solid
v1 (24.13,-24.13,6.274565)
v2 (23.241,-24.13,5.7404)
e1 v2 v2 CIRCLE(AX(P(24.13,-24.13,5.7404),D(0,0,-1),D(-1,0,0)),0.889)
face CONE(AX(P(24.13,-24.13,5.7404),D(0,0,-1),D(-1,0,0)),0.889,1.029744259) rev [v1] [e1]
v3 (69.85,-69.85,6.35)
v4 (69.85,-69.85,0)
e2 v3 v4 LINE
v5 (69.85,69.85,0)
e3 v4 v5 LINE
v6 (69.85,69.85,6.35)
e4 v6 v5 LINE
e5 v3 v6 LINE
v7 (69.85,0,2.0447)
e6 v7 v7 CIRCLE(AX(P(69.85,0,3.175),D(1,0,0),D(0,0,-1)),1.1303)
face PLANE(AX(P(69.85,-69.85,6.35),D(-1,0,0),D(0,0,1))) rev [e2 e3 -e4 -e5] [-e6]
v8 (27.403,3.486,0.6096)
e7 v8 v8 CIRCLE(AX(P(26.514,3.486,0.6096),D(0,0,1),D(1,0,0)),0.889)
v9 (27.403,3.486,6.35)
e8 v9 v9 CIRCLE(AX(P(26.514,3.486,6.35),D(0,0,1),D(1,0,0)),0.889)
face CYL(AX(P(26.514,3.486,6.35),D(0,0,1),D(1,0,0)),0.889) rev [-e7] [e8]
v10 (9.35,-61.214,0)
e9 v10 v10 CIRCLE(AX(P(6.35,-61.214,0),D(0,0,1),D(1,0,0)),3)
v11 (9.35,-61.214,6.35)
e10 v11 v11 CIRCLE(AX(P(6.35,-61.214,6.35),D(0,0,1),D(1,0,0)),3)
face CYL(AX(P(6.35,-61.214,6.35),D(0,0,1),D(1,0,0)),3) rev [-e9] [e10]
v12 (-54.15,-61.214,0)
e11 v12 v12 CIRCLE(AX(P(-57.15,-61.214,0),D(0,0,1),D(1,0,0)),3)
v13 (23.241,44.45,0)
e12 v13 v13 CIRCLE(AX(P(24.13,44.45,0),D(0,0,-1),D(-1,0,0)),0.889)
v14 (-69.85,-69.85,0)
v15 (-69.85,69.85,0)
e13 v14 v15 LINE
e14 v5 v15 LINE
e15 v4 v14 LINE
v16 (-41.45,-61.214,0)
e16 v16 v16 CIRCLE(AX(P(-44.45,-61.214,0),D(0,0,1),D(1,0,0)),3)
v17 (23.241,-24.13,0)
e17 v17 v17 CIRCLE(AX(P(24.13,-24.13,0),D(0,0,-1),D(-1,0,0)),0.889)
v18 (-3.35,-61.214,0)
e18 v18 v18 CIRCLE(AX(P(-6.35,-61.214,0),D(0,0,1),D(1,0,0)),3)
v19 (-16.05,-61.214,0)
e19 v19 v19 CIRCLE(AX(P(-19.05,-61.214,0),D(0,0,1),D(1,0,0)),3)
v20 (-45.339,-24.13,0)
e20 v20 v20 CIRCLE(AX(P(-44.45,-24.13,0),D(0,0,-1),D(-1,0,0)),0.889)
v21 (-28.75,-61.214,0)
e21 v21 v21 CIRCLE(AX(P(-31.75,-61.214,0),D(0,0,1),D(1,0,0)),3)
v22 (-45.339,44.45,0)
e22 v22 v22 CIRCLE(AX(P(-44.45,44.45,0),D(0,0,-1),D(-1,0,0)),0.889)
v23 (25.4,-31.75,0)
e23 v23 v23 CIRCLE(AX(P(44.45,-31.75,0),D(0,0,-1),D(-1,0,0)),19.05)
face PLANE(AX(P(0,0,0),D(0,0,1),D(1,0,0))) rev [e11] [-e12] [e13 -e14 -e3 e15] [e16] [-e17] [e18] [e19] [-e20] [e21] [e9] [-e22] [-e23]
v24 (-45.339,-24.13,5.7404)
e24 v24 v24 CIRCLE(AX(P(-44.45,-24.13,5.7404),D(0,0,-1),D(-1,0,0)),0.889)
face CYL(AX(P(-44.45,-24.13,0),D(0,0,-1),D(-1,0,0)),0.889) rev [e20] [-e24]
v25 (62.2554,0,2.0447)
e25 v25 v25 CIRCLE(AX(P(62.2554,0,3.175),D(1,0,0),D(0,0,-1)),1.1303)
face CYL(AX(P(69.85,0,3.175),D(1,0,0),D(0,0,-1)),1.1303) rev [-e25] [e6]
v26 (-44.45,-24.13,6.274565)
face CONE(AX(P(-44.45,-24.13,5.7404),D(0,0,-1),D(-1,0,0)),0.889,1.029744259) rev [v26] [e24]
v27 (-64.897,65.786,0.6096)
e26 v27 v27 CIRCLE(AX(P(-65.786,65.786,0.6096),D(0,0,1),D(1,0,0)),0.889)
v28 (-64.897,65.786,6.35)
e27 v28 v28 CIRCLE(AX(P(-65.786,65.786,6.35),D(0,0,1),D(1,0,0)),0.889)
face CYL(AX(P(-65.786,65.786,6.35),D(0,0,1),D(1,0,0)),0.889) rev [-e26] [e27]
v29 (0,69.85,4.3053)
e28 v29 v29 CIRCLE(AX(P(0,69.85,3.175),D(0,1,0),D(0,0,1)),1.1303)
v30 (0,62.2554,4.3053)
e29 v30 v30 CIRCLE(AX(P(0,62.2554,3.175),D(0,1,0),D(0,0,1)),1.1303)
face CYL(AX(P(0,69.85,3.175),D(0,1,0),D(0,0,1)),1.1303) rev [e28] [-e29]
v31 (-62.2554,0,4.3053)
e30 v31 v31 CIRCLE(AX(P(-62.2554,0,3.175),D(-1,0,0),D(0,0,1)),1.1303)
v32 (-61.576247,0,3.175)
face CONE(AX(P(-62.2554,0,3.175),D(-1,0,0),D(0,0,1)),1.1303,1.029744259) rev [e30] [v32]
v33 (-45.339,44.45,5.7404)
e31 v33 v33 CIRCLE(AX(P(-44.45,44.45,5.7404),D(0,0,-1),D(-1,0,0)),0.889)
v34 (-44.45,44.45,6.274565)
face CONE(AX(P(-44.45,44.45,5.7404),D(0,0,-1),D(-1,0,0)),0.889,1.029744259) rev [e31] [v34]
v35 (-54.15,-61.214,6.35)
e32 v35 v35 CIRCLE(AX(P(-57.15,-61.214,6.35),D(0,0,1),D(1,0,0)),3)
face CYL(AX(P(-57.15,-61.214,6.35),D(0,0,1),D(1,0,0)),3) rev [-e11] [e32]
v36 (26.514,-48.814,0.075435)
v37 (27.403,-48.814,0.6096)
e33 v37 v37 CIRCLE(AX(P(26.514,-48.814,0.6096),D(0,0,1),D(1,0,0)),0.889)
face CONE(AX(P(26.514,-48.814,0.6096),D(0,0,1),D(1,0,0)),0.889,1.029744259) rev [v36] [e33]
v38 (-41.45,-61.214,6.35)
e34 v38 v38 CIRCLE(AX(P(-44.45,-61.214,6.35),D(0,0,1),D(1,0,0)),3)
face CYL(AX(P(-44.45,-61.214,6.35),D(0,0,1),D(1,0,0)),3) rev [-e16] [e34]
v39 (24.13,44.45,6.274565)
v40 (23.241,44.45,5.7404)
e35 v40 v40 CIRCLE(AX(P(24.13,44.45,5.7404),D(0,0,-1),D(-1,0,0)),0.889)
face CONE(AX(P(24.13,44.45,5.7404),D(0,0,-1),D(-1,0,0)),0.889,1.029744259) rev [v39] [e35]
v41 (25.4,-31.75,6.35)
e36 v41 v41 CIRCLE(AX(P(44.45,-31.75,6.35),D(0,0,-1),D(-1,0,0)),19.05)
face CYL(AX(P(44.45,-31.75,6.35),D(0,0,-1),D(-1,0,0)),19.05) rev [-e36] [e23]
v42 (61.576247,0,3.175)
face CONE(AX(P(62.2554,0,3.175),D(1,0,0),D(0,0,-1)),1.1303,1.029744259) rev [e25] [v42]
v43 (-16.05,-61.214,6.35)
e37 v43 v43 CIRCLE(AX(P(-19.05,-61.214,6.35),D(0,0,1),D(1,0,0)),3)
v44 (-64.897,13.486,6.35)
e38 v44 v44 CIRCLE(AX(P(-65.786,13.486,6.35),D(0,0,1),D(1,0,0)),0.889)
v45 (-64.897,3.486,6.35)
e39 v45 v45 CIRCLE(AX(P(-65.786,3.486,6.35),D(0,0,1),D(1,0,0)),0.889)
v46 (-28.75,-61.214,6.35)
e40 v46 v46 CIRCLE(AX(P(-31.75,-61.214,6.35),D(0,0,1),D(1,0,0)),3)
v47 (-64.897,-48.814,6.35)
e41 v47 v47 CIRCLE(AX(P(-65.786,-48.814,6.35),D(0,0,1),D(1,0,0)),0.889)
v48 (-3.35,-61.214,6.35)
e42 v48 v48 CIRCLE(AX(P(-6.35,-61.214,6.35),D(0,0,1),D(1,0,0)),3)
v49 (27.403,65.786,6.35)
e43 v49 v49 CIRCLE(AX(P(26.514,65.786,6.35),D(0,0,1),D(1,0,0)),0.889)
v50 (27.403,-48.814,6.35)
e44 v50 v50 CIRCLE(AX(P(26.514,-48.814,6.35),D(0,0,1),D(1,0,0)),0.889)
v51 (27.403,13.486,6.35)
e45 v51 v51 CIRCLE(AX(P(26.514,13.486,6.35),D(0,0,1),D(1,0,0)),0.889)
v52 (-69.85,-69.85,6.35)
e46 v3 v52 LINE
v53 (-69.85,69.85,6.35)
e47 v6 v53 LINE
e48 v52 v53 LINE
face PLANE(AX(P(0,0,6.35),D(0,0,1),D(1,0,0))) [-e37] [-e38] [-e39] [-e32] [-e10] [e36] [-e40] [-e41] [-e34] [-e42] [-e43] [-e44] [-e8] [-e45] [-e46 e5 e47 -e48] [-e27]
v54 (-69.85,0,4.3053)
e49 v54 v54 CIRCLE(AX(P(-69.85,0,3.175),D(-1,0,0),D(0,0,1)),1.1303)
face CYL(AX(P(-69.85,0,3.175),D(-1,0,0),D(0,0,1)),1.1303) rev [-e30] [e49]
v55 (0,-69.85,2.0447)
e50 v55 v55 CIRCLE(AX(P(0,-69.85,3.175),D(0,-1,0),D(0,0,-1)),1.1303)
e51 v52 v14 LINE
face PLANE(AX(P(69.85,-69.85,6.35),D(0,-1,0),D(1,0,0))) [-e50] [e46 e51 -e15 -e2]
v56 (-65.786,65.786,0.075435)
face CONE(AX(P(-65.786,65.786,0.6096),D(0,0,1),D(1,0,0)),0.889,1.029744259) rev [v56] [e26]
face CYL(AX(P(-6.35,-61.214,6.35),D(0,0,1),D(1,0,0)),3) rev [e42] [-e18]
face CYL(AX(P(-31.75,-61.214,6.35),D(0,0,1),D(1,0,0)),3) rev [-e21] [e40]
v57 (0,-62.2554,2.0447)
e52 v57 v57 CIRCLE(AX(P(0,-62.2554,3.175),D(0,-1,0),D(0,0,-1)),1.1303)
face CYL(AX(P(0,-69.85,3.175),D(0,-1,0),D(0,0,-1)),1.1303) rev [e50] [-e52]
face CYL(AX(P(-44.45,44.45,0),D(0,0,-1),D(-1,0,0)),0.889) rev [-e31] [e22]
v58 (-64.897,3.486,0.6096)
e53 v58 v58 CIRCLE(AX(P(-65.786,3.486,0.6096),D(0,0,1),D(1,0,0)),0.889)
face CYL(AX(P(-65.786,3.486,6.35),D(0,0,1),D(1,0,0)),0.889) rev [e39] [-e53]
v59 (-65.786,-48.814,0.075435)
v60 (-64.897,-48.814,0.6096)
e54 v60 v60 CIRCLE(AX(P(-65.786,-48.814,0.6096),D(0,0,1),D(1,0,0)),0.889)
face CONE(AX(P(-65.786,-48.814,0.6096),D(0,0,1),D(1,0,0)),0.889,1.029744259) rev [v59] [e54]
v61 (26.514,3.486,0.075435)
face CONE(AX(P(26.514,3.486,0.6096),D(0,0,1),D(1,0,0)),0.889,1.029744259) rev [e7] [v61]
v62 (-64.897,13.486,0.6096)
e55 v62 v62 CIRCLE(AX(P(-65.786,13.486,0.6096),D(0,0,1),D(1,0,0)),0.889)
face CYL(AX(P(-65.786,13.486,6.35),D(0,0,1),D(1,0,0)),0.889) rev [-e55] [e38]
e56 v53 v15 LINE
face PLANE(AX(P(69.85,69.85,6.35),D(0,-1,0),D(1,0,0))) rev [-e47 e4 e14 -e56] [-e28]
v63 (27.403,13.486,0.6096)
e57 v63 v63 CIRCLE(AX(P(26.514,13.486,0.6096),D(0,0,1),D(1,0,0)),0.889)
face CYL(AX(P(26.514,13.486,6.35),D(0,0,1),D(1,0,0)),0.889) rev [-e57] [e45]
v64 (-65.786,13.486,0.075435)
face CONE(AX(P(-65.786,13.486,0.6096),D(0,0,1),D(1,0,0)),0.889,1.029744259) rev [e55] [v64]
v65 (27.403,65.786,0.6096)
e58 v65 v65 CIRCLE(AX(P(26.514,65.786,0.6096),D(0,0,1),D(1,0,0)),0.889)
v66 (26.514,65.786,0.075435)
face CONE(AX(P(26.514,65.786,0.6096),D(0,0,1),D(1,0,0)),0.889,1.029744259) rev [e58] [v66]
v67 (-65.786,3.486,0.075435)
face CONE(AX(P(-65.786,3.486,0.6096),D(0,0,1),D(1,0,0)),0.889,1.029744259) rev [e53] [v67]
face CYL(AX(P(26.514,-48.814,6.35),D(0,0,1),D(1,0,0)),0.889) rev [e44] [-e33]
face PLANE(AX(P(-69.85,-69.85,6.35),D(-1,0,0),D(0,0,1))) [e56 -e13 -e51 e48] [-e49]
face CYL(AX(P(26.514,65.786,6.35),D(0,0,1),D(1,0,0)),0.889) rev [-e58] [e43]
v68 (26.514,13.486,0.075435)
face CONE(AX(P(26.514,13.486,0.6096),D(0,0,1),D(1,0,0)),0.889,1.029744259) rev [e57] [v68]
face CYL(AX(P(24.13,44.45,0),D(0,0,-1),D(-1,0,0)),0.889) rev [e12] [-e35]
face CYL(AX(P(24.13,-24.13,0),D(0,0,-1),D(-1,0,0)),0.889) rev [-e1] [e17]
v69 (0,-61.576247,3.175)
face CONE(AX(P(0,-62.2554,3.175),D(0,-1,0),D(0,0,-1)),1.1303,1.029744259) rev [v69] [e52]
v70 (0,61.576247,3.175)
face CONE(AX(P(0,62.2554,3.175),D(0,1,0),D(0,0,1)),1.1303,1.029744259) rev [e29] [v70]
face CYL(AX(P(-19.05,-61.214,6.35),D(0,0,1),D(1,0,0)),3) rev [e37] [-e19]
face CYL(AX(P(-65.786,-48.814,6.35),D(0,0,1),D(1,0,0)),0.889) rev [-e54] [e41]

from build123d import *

# Parameters (mm, degrees)
SKETCH1_W                 = 139.7
SKETCH1_H                 = 139.7
BOSS_EXTRUDE1_DEPTH       = 6.35
F_4_40_TAPPED_HOLE1_D     = 2.2606
F_4_40_TAPPED_HOLE1_DEPTH = 7.5946
F_4_40_TAPPED_HOLE1_TIP   = 0.679152758
F_4_40_TAPPED_HOLE2_D     = 2.2606
F_4_40_TAPPED_HOLE2_DEPTH = 7.5946
F_4_40_TAPPED_HOLE2_TIP   = 0.679152758
F_4_40_TAPPED_HOLE3_D     = 2.2606
F_4_40_TAPPED_HOLE3_DEPTH = 7.5946
F_4_40_TAPPED_HOLE3_TIP   = 0.679152758
F_4_40_TAPPED_HOLE4_D     = 2.2606
F_4_40_TAPPED_HOLE4_DEPTH = 7.5946
F_4_40_TAPPED_HOLE4_TIP   = 0.679152758
SKETCH11_R                = 19.05
CUT_EXTRUDE1_DEPTH        = 7.35
F_2_56_TAPPED_HOLE1_D     = 1.778
F_2_56_TAPPED_HOLE1_DEPTH = 5.7404
F_2_56_TAPPED_HOLE1_TIP   = 0.53416509
F_2_56_TAPPED_HOLE2_D     = 1.778
F_2_56_TAPPED_HOLE2_DEPTH = 5.7404
F_2_56_TAPPED_HOLE2_TIP   = 0.53416509
F_6_0MM_DOWEL_HOLE1_D     = 6


with BuildPart() as part:
    # Sketch1 → Boss-Extrude1 (new body)
    with BuildSketch(Plane.XY):
        Rectangle(SKETCH1_W, SKETCH1_H)
    extrude(amount=BOSS_EXTRUDE1_DEPTH)

    # #4-40 Tapped Hole1
    with Locations(Plane(origin=(0, 69.85, 0), x_dir=(1, 0, 0), z_dir=(0, 1, 0))):
        with Locations((0, -3.175)):
            Hole(F_4_40_TAPPED_HOLE1_D / 2, depth=F_4_40_TAPPED_HOLE1_DEPTH)
            with Locations((0, 0, -(F_4_40_TAPPED_HOLE1_DEPTH + F_4_40_TAPPED_HOLE1_TIP / 2))):  # 118° drill point
                Cone(0, F_4_40_TAPPED_HOLE1_D / 2, F_4_40_TAPPED_HOLE1_TIP, mode=Mode.SUBTRACT)

    # #4-40 Tapped Hole2
    with Locations(Plane(origin=(69.85, 0, 0), x_dir=(0, 0, -1), z_dir=(1, 0, 0))):
        with Locations((-3.175, 0)):
            Hole(F_4_40_TAPPED_HOLE2_D / 2, depth=F_4_40_TAPPED_HOLE2_DEPTH)
            with Locations((0, 0, -(F_4_40_TAPPED_HOLE2_DEPTH + F_4_40_TAPPED_HOLE2_TIP / 2))):  # 118° drill point
                Cone(0, F_4_40_TAPPED_HOLE2_D / 2, F_4_40_TAPPED_HOLE2_TIP, mode=Mode.SUBTRACT)

    # #4-40 Tapped Hole3
    with Locations(Plane(origin=(0, -69.85, 0), x_dir=(-1, 0, 0), z_dir=(0, -1, 0))):
        with Locations((0, -3.175)):
            Hole(F_4_40_TAPPED_HOLE3_D / 2, depth=F_4_40_TAPPED_HOLE3_DEPTH)
            with Locations((0, 0, -(F_4_40_TAPPED_HOLE3_DEPTH + F_4_40_TAPPED_HOLE3_TIP / 2))):  # 118° drill point
                Cone(0, F_4_40_TAPPED_HOLE3_D / 2, F_4_40_TAPPED_HOLE3_TIP, mode=Mode.SUBTRACT)

    # #4-40 Tapped Hole4
    with Locations(Plane.ZY.offset(69.85)):
        with Locations((3.175, 0)):
            Hole(F_4_40_TAPPED_HOLE4_D / 2, depth=F_4_40_TAPPED_HOLE4_DEPTH)
            with Locations((0, 0, -(F_4_40_TAPPED_HOLE4_DEPTH + F_4_40_TAPPED_HOLE4_TIP / 2))):  # 118° drill point
                Cone(0, F_4_40_TAPPED_HOLE4_D / 2, F_4_40_TAPPED_HOLE4_TIP, mode=Mode.SUBTRACT)

    # Sketch11 → Cut-Extrude1 (cut, through all)
    with BuildSketch(Plane(origin=(0, 0, 0), x_dir=(-1, 0, 0), z_dir=(0, 0, -1))):
        with Locations((-44.45, -31.75)):
            Circle(SKETCH11_R)
    extrude(amount=-CUT_EXTRUDE1_DEPTH, mode=Mode.SUBTRACT)

    # #2-56 Tapped Hole1
    with Locations(Plane.XY.offset(6.35)):
        with Locations((-65.786, 65.786), (26.514, 65.786), (-65.786, 13.486), (26.514, 13.486), (-65.786, 3.486), (26.514, 3.486), (-65.786, -48.814), (26.514, -48.814)):
            Hole(F_2_56_TAPPED_HOLE1_D / 2, depth=F_2_56_TAPPED_HOLE1_DEPTH)
            with Locations((0, 0, -(F_2_56_TAPPED_HOLE1_DEPTH + F_2_56_TAPPED_HOLE1_TIP / 2))):  # 118° drill point
                Cone(0, F_2_56_TAPPED_HOLE1_D / 2, F_2_56_TAPPED_HOLE1_TIP, mode=Mode.SUBTRACT)

    # #2-56 Tapped Hole2
    with Locations(Plane(origin=(0, 0, 0), x_dir=(-1, 0, 0), z_dir=(0, 0, -1))):
        with Locations((44.45, 44.45), (44.45, -24.13), (-24.13, -24.13), (-24.13, 44.45)):
            Hole(F_2_56_TAPPED_HOLE2_D / 2, depth=F_2_56_TAPPED_HOLE2_DEPTH)
            with Locations((0, 0, -(F_2_56_TAPPED_HOLE2_DEPTH + F_2_56_TAPPED_HOLE2_TIP / 2))):  # 118° drill point
                Cone(0, F_2_56_TAPPED_HOLE2_D / 2, F_2_56_TAPPED_HOLE2_TIP, mode=Mode.SUBTRACT)

    # Ø6.0mm Dowel Hole1 (through all)
    with Locations(Plane.XY.offset(6.35)):
        with Locations((-57.15, -61.214), (-44.45, -61.214), (-31.75, -61.214), (-19.05, -61.214), (-6.35, -61.214), (6.35, -61.214)):
            Hole(F_6_0MM_DOWEL_HOLE1_D / 2)


solid = part.part
